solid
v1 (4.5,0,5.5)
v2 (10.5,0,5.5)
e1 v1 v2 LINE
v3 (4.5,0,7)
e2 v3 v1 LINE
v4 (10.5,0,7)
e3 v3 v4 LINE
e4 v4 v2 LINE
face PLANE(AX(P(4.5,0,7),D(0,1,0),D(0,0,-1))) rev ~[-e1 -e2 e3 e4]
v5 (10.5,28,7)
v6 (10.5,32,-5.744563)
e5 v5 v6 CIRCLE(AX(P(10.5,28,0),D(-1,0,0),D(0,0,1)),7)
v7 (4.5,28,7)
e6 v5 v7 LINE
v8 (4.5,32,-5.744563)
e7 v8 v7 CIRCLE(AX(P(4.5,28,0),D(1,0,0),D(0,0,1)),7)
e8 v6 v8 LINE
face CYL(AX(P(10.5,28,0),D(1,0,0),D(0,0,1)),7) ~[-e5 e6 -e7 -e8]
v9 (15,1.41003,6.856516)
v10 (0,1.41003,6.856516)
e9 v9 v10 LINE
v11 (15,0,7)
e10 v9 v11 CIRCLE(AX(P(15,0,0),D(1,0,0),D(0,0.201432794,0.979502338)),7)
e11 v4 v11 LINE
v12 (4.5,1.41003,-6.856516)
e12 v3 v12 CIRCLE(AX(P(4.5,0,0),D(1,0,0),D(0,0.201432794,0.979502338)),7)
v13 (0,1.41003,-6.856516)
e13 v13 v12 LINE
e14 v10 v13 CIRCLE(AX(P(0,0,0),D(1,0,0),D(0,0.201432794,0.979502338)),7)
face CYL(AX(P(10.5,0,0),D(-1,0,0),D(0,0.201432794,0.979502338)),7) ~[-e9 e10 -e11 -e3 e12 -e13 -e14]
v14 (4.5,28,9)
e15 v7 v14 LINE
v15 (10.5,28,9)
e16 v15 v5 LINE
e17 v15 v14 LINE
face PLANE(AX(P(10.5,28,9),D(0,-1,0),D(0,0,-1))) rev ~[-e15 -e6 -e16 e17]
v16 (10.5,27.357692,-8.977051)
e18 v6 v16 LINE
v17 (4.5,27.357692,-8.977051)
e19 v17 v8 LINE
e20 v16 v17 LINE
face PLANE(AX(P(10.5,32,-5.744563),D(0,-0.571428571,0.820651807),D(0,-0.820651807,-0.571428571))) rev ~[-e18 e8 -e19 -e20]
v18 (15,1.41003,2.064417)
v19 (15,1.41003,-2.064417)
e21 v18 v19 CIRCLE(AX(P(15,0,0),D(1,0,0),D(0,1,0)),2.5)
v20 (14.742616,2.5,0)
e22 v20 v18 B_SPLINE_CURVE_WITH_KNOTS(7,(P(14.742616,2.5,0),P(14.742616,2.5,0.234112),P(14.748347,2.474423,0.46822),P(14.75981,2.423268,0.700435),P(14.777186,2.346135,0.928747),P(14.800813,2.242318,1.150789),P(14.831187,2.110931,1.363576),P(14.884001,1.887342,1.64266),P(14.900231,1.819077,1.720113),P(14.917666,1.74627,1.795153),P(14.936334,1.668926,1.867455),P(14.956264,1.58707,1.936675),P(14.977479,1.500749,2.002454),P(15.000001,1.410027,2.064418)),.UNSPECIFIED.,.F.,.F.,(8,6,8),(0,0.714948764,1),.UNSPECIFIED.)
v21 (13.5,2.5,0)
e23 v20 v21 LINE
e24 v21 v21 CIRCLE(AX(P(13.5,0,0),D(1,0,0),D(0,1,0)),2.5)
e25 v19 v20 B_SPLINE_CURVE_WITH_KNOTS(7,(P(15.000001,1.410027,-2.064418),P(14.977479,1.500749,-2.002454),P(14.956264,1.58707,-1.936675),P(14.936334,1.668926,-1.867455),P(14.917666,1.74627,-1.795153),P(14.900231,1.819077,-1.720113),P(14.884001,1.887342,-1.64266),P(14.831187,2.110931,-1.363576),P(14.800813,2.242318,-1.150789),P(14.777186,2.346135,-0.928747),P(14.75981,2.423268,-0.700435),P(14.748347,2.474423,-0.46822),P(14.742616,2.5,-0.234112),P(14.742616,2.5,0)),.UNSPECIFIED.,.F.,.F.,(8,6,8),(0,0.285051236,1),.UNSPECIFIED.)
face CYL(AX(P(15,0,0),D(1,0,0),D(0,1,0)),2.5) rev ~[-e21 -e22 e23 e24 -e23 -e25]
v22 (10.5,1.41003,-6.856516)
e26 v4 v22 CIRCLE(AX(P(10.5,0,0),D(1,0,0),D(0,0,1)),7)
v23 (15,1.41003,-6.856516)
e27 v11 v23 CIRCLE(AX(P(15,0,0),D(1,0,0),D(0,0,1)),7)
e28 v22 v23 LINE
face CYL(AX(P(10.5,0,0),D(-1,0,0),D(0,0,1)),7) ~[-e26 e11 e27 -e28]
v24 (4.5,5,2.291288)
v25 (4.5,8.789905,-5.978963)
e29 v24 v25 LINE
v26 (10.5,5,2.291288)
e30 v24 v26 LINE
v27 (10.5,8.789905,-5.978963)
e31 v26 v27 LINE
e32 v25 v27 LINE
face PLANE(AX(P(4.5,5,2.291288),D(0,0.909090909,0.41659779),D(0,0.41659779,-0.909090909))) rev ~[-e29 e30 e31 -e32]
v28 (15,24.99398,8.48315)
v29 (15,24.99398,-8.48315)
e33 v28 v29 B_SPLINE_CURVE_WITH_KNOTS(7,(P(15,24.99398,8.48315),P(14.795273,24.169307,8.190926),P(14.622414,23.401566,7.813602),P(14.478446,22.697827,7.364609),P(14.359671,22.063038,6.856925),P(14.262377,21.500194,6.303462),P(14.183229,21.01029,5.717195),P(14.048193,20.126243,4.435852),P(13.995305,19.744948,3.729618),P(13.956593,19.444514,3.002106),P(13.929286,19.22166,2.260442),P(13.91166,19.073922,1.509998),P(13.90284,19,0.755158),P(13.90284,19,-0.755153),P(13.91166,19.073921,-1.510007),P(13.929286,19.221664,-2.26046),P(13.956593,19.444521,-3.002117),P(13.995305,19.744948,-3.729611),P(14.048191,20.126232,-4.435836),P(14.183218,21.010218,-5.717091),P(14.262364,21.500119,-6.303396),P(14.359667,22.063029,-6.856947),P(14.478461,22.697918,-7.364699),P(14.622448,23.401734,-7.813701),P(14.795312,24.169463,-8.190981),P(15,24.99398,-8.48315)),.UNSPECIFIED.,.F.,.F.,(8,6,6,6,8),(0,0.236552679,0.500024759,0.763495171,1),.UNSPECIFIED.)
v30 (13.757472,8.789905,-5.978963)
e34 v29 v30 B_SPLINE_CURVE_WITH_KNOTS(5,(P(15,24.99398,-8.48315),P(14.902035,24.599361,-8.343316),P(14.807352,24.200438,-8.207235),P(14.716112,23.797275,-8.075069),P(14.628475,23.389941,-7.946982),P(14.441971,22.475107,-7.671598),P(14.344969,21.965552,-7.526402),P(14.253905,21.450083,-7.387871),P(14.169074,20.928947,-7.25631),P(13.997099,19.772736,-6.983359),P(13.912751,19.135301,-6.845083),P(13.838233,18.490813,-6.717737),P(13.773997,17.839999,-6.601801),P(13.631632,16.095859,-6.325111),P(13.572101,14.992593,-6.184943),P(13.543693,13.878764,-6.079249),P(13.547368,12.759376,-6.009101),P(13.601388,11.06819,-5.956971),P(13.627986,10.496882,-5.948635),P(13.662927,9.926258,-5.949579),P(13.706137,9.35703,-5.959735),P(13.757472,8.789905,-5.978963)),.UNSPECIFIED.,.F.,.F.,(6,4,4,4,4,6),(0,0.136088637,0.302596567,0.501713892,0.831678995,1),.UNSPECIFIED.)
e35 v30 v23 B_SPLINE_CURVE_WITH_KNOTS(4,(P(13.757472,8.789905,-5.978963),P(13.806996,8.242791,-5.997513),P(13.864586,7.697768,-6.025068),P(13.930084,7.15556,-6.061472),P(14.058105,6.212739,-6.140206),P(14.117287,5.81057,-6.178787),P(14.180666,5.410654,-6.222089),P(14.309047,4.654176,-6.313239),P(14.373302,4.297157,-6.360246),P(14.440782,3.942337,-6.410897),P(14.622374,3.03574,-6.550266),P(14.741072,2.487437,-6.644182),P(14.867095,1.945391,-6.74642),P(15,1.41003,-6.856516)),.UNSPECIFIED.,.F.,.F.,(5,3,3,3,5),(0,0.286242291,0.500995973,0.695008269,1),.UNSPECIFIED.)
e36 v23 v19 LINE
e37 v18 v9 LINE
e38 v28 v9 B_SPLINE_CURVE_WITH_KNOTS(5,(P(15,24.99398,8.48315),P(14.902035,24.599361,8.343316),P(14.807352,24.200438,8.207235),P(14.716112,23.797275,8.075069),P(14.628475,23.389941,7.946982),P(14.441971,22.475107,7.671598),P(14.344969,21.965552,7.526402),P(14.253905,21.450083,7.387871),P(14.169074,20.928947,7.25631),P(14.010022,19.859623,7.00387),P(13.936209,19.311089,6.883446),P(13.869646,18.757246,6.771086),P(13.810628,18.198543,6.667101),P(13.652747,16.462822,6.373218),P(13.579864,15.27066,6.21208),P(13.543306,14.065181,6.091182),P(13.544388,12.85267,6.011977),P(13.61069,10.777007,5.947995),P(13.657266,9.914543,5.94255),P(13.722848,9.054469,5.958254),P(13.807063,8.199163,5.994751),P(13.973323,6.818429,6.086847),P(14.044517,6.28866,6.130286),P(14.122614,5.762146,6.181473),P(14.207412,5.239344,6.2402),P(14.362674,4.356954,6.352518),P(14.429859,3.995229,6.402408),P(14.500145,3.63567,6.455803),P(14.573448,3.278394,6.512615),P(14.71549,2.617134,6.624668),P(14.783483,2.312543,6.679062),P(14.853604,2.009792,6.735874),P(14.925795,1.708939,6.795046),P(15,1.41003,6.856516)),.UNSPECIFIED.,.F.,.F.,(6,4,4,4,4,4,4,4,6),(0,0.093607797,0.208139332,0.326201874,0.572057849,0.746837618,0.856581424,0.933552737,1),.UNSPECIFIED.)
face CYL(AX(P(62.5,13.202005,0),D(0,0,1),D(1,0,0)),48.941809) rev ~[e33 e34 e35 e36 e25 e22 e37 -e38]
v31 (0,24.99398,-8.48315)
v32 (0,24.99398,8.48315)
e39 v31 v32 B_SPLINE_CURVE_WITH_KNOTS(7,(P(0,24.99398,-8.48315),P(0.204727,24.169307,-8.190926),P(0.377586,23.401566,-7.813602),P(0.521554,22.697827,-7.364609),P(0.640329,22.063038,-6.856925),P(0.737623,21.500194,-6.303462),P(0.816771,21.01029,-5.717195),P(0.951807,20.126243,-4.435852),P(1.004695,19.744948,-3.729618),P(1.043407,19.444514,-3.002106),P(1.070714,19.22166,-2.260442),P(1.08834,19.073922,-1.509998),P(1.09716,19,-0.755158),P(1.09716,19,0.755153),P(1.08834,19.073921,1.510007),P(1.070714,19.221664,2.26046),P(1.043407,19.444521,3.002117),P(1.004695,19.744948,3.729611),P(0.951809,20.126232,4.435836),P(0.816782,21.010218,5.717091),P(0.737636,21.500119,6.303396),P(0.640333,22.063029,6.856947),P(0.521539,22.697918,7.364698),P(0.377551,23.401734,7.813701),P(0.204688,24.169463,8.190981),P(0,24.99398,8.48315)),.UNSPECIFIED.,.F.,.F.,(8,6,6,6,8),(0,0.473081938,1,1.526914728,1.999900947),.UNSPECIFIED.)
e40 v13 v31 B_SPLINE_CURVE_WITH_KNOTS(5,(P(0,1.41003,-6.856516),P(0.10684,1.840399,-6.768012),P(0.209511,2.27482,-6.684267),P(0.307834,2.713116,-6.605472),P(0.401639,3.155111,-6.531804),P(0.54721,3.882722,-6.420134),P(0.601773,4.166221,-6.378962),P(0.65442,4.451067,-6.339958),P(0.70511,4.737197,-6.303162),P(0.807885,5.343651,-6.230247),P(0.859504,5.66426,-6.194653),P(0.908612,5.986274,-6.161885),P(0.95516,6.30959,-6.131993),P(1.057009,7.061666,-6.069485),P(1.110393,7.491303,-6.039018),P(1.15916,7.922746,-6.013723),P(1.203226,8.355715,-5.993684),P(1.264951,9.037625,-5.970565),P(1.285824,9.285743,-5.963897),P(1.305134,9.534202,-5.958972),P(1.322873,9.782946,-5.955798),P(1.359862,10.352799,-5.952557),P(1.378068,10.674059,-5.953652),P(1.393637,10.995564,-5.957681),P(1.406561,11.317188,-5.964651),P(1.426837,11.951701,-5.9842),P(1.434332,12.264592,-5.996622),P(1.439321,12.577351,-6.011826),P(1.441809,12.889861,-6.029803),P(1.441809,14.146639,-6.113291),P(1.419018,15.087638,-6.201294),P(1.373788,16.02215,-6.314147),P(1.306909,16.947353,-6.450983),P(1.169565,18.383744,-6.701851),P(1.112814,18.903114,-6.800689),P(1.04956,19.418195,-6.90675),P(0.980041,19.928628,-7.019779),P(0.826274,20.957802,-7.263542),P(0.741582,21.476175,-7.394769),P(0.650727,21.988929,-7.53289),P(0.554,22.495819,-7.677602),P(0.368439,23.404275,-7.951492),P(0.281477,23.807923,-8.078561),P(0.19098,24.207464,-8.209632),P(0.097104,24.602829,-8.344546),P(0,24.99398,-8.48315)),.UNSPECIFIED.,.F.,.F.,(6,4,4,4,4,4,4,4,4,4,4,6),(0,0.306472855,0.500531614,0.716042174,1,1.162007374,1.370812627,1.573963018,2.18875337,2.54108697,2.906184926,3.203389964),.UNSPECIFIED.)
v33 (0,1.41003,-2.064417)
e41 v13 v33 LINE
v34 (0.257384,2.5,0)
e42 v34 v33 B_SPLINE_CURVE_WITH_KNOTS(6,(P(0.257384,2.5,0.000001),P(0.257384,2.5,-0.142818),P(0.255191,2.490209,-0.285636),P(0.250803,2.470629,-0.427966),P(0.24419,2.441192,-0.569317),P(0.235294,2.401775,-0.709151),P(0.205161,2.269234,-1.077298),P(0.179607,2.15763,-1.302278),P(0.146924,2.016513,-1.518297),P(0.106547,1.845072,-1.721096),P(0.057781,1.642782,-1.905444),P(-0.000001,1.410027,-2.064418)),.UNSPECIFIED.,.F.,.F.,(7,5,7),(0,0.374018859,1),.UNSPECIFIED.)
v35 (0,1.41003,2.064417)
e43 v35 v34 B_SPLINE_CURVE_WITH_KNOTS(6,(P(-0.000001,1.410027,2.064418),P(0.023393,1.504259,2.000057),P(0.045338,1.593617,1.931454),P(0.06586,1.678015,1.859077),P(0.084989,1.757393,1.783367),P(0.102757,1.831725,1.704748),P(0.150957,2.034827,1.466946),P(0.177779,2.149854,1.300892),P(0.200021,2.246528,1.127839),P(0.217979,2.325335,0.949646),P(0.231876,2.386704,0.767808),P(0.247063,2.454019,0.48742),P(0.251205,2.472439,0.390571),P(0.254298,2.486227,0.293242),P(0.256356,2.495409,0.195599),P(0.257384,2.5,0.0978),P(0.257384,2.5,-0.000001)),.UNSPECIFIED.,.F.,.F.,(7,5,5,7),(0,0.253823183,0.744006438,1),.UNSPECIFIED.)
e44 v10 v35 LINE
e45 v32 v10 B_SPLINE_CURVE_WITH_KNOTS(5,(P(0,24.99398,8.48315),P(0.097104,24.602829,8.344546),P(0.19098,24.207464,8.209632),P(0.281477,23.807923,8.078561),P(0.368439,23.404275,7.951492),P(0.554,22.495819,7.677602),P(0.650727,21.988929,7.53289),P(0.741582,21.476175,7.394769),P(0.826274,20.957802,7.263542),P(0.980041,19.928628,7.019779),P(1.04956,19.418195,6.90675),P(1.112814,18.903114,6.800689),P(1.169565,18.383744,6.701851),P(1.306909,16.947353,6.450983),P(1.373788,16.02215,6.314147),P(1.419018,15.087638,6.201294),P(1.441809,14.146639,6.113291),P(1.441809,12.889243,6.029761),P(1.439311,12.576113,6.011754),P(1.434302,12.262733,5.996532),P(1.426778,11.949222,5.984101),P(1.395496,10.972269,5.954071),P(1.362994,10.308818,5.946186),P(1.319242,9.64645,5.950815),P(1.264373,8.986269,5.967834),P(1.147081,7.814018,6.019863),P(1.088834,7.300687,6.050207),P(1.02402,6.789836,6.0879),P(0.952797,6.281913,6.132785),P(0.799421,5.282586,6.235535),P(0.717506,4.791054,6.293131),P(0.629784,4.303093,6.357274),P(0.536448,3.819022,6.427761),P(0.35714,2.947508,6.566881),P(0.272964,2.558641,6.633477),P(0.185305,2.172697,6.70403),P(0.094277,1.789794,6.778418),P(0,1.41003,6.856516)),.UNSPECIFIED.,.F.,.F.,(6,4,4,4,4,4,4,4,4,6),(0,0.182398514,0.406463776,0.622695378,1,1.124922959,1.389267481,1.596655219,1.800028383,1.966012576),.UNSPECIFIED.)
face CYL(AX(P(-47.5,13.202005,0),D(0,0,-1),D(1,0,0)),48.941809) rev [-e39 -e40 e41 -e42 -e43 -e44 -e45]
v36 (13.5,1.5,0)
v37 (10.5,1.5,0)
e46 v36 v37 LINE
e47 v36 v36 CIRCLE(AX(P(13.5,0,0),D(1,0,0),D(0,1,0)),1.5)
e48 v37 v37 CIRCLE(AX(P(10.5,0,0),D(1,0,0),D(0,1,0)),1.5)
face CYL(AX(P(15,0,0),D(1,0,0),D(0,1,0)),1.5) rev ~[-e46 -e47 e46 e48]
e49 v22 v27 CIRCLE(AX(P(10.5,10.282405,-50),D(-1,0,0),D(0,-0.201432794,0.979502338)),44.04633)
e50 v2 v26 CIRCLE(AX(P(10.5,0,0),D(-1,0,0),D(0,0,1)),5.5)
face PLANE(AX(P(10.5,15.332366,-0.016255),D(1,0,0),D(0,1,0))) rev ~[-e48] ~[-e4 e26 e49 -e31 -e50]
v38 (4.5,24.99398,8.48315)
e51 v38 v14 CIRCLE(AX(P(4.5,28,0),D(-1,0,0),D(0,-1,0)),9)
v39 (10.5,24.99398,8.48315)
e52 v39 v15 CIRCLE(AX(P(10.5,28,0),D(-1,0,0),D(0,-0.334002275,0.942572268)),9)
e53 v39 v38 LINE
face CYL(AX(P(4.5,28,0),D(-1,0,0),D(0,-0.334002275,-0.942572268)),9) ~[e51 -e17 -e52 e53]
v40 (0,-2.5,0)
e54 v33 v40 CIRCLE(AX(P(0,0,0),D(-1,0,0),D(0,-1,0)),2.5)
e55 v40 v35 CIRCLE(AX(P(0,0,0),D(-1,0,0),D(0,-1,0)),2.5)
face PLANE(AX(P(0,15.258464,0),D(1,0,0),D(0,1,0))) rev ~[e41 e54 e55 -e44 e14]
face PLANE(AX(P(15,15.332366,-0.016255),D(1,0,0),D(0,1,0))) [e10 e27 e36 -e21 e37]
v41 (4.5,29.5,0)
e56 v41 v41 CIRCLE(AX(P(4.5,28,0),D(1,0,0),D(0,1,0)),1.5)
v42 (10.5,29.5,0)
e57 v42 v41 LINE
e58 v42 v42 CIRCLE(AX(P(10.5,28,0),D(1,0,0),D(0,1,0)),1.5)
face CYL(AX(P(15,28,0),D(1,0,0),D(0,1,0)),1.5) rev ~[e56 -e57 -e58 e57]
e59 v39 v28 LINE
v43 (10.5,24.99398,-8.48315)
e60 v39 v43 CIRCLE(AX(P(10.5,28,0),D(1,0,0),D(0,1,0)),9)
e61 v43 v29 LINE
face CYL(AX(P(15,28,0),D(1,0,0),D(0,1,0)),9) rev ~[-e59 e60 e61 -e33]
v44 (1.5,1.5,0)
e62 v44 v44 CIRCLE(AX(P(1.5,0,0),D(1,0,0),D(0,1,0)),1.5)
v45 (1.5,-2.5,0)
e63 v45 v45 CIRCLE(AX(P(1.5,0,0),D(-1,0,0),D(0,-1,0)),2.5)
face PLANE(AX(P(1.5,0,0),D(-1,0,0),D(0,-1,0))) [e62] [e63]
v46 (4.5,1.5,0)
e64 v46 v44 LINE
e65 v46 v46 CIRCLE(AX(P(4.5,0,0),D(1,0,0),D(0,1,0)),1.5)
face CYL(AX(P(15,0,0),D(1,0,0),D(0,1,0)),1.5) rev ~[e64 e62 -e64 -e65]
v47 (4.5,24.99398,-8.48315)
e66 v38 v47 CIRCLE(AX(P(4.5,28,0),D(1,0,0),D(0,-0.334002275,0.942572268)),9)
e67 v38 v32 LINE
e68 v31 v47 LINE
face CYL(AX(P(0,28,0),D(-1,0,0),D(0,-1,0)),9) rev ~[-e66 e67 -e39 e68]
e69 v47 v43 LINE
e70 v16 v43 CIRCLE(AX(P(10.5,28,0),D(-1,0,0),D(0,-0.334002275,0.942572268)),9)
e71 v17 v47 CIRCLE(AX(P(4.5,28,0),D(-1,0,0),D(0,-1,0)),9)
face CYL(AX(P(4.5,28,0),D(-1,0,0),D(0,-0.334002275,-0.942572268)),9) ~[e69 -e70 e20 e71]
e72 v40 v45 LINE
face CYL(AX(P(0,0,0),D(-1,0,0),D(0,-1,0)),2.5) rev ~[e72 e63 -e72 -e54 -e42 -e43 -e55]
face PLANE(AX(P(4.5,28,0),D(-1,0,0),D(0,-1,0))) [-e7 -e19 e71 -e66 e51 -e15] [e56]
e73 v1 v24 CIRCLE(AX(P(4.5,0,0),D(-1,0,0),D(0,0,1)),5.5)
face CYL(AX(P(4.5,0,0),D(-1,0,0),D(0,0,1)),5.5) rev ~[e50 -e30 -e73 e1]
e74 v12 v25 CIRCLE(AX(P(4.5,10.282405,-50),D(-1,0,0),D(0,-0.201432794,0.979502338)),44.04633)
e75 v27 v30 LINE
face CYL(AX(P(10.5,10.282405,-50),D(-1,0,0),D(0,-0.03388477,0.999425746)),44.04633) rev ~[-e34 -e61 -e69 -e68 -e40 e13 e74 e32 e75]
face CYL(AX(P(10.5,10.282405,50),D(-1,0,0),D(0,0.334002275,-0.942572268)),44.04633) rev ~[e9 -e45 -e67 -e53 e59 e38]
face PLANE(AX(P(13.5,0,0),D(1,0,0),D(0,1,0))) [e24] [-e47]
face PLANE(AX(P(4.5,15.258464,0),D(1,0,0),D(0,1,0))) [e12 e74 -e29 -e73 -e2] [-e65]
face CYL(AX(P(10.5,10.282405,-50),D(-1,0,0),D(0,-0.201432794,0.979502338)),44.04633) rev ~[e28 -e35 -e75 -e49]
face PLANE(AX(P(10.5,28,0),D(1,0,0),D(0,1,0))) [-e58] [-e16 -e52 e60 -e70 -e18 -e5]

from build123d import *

# Parameters (mm, degrees)
F1_DEPTH  = 4.5
F3_DEPTH  = 6
F5_DEPTH  = 4.5
F6_R      = 9
F7_DEPTH  = 4.5
F8_R      = 9
F9_DEPTH  = 4.5
F11_DEPTH = 10.501
F12_R     = 1.5
F13_DEPTH = 15.001
F14_R     = 2.5
F15_DEPTH = 1.5
F16_R     = 2.5
F17_DEPTH = 1.5
F18_R     = 48.9418090598
F19_DEPTH = 12.5


with BuildPart() as f1:
    # F0 (on Right) → F1 (new body)
    with BuildSketch(Plane.YZ):
        with BuildLine():
            ThreePointArc((24.9939795279, 8.4831504125), (13.3131715809, 6.0580646826), (1.4100295584, 6.8565163636))
            ThreePointArc((1.4100295584, 6.8565163636), (-7, 0), (1.4100295584, -6.8565163636))
            ThreePointArc((1.4100295584, -6.8565163636), (13.3131715809, -6.0580646826), (24.9939795279, -8.4831504125))
            ThreePointArc((24.9939795279, -8.4831504125), (37, 0), (24.9939795279, 8.4831504125))
        make_face()
    extrude(amount=F1_DEPTH)

    # F2 (on face) → F3 (join)
    with BuildSketch(Plane.YZ.offset(4.5)):
        with BuildLine():
            ThreePointArc((24.9939795279, 8.4831504125), (13.3131715809, 6.0580646826), (1.4100295584, 6.8565163636))
            ThreePointArc((1.4100295584, 6.8565163636), (0.7086555774, 6.9640367082), (0, 7))
            Line((0, 7), (0, 5.5))
            ThreePointArc((0, 5.5), (2.9705148408, 4.628827236), (5, 2.2912878475))
            Line((5, 2.2912878475), (8.7899052004, -5.9789633228))
            ThreePointArc((8.7899052004, -5.9789633228), (17.0094937021, -6.4704065852), (24.9939795279, -8.4831504125))
            ThreePointArc((24.9939795279, -8.4831504125), (37, 0), (24.9939795279, 8.4831504125))
        make_face()
    extrude(amount=F3_DEPTH)

    # F4 (on face) → F5 (join)
    with BuildSketch(Plane.YZ.offset(10.5)):
        with BuildLine():
            ThreePointArc((1.4100295584, 6.8565163636), (0.7086555774, 6.9640367082), (0, 7))
            ThreePointArc((0, 7), (-6.9640367082, -0.7086555774), (1.4100295584, -6.8565163636))
            ThreePointArc((1.4100295584, -6.8565163636), (5.0814258107, -6.261812549), (8.7899052004, -5.9789633228))
            ThreePointArc((8.7899052004, -5.9789633228), (17.0094937021, -6.4704065852), (24.9939795279, -8.4831504125))
            ThreePointArc((24.9939795279, -8.4831504125), (26.6900035871, -8.9041512452), (28.4354151468, -8.9894612547))
            ThreePointArc((28.4354151468, -8.9894612547), (36.8303478161, 1.7392404799), (24.9939795279, 8.4831504125))
            ThreePointArc((24.9939795279, 8.4831504125), (13.3131715809, 6.0580646826), (1.4100295584, 6.8565163636))
        make_face()
    extrude(amount=F5_DEPTH)

    # F6 (on face) → F7 (cut)
    with BuildSketch(Plane.YZ.offset(15)):
        with Locations((28, 0)):
            Circle(F6_R)
    extrude(amount=-F7_DEPTH, mode=Mode.SUBTRACT)

    # F8 (on face) → F9 (cut)
    with BuildSketch(Plane(origin=(0, 0, 0), x_dir=(0, -1, 0), z_dir=(-1, 0, 0))):
        with Locations((-28, 0)):
            Circle(F8_R)
    extrude(amount=-F9_DEPTH, mode=Mode.SUBTRACT)

    # F10 (on face) → F11 (cut, through all)
    with BuildSketch(Plane.YZ.offset(10.5)):
        with BuildLine():
            ThreePointArc((28, 7), (34.6787700412, 2.0961943462), (32, -5.7445626465))
            Line((32, -5.7445626465), (27.3576923402, -8.9770507891))
            ThreePointArc((27.3576923402, -8.9770507891), (36.9942608674, -0.3213587544), (28, 9))
            Line((28, 9), (28, 7))
        make_face()
    extrude(amount=-F11_DEPTH, mode=Mode.SUBTRACT)

    # F12 (on face) → F13 (cut, through all)
    with BuildSketch(Plane.YZ.offset(15)):
        Circle(F12_R)
        with Locations((28, 0)):
            Circle(F12_R)
    extrude(amount=-F13_DEPTH, mode=Mode.SUBTRACT)

    # F14 (on face) → F15 (cut)
    with BuildSketch(Plane.YZ.offset(15)):
        Circle(F14_R)
    extrude(amount=-F15_DEPTH, mode=Mode.SUBTRACT)

    # F16 (on face) → F17 (cut)
    with BuildSketch(Plane(origin=(0, 0, 0), x_dir=(0, -1, 0), z_dir=(-1, 0, 0))):
        Circle(F16_R)
    extrude(amount=-F17_DEPTH, mode=Mode.SUBTRACT)

    # F18 (on Top) → F19 (cut, symmetric)
    with BuildSketch(Plane.XY):
        with Locations((-47.5, 13.2020045432)):
            Circle(F18_R)
        with Locations((62.5, 13.2020045432)):
            Circle(F18_R)
    extrude(amount=F19_DEPTH, both=True, mode=Mode.SUBTRACT)


solid = f1.part
